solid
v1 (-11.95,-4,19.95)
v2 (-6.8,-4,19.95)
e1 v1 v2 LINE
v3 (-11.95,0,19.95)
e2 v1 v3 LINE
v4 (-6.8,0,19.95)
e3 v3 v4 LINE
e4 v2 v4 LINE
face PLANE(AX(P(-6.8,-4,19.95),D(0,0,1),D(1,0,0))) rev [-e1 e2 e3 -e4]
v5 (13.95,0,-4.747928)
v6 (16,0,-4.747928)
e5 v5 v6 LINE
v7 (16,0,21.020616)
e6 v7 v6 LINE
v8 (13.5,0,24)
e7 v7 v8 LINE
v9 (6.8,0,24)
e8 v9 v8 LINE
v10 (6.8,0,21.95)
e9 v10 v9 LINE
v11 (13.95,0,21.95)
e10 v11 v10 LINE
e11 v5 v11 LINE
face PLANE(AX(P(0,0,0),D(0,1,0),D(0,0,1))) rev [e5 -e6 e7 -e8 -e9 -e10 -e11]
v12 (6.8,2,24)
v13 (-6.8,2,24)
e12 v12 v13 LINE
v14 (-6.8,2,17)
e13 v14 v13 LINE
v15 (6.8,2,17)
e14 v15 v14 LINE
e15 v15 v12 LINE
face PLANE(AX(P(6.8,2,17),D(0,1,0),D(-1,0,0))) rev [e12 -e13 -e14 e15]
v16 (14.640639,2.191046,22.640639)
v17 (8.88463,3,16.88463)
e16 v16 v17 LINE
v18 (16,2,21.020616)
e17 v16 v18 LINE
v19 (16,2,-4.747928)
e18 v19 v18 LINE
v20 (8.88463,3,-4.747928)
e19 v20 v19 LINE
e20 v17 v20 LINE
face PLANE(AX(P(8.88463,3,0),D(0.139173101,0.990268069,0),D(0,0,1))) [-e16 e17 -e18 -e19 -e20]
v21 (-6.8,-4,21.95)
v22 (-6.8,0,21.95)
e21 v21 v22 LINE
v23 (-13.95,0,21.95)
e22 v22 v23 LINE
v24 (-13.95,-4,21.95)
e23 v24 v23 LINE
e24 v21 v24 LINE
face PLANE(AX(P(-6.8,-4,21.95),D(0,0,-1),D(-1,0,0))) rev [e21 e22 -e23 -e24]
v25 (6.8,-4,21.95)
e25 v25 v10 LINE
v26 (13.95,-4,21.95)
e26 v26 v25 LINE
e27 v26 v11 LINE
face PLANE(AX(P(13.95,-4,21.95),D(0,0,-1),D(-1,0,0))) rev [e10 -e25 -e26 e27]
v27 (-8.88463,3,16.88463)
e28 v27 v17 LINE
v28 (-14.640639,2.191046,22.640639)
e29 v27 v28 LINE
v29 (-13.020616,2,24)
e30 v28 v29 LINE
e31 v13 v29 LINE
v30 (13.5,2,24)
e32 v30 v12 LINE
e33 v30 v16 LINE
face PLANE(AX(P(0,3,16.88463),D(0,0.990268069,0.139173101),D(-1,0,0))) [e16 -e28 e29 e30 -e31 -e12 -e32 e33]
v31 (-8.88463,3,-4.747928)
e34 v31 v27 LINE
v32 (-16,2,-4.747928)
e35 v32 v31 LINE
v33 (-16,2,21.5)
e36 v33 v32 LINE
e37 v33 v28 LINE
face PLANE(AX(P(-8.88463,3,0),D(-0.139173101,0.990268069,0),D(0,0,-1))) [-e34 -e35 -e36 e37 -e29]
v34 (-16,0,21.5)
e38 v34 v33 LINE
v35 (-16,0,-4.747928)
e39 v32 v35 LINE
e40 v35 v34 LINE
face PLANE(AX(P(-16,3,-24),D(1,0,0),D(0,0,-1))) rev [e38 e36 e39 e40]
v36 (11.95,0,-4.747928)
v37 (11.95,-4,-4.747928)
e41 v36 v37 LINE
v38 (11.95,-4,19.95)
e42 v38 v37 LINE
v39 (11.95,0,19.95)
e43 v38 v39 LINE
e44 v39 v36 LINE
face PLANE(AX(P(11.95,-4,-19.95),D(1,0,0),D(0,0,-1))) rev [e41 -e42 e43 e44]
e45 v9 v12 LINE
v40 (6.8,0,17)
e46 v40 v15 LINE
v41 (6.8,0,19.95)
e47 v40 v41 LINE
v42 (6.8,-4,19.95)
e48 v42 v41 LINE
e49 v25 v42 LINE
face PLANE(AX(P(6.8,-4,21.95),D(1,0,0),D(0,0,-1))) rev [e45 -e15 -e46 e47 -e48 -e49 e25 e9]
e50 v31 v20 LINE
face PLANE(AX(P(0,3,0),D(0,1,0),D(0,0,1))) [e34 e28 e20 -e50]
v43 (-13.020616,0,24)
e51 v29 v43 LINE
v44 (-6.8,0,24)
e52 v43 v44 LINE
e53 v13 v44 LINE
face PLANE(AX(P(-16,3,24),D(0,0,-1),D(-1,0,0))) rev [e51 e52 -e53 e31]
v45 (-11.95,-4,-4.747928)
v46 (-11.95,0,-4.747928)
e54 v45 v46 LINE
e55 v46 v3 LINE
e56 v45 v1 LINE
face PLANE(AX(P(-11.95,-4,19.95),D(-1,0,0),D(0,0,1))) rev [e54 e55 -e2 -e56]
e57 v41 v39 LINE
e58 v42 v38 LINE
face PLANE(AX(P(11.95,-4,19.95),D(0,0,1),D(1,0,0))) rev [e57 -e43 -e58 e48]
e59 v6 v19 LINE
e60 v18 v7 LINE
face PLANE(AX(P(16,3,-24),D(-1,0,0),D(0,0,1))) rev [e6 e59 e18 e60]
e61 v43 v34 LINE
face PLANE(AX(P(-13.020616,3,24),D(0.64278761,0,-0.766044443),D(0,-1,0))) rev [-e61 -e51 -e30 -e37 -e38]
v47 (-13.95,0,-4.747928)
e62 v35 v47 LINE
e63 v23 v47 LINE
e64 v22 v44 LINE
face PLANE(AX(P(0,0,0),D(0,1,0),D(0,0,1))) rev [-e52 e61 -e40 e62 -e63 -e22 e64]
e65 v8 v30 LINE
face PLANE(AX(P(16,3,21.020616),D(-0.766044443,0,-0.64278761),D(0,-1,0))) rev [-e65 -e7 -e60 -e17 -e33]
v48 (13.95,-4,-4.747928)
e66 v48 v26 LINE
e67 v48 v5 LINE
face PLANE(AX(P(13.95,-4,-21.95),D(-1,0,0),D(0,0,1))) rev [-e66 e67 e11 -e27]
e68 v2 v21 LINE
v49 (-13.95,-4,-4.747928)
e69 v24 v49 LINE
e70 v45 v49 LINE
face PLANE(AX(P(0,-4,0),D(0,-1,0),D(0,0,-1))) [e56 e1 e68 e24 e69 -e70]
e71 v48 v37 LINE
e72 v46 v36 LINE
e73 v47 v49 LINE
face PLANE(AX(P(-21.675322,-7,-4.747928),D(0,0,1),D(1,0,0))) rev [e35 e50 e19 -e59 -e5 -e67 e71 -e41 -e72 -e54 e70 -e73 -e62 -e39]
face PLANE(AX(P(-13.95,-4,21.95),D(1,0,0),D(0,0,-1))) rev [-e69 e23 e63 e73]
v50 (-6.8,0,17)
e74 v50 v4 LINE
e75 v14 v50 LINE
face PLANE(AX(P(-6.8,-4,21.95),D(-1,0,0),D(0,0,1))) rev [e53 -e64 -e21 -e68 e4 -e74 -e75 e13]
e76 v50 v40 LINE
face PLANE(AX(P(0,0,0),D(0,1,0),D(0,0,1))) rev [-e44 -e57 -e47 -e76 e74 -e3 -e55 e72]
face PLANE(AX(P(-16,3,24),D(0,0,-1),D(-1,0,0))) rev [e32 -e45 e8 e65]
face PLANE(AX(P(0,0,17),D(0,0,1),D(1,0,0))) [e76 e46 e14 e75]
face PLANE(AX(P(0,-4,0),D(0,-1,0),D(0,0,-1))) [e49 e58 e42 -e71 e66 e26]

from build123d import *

# Parameters (mm, degrees)
SKETCH1_W             = 32
SKETCH1_H             = 48
BOSS_EXTRUDE1_DEPTH   = 3
BOSS_EXTRUDE2_DEPTH   = 4
CHAMFER1_SIZE         = 1
CHAMFER1_SIZE2        = 7.115369722
CHAMFER1_PART_2_SIZE  = 1
CHAMFER1_PART_2_SIZE2 = 7.115369722
CHAMFER2_SIZE         = 1
CHAMFER2_SIZE2        = 7.115369722
CHAMFER2_PART_2_SIZE  = 1
CHAMFER2_PART_2_SIZE2 = 7.115369722
SKETCH4_W             = 13.6
SKETCH4_H             = 2
CUT_EXTRUDE2_DEPTH    = 7
CHAMFER4_SIZE         = 2.5
CHAMFER4_SIZE2        = 2.979383981
CHAMFER4_PART_2_SIZE  = 2.5
CHAMFER4_PART_2_SIZE2 = 2.979383981
CHAMFER5_SIZE         = 2.5
SKETCH5_W             = 45.346149297
SKETCH5_H             = 21.744132288
CUT_EXTRUDE3_DEPTH    = 10


with BuildPart() as part:
    # Sketch1 → Boss-Extrude1 (new body)
    with BuildSketch(Plane(origin=(0, 0, 0), x_dir=(1, 0, 0), z_dir=(0, 1, 0))):
        Rectangle(SKETCH1_W, SKETCH1_H)
    extrude(amount=BOSS_EXTRUDE1_DEPTH)

    # Sketch2 → Boss-Extrude2 (add)
    with BuildSketch(Plane.XZ):
        Polygon((-13.95, -21.95), (-11.95, -21.95), (-11.95, -19.95), (-11.95, 19.95), (-6.8, 19.95), (-6.8, 21.95), (-13.95, 21.95), align=None)
        Polygon((11.95, -19.95), (11.95, -21.95), (13.95, -21.95), (13.95, 21.95), (6.8, 21.95), (6.8, 19.95), (11.95, 19.95), align=None)
    extrude(amount=BOSS_EXTRUDE2_DEPTH)

    # Chamfer1
    chamfer1_edges = [part.edges().sort_by_distance(p)[0] for p in [
        (0, 3, 24),
    ]]
    chamfer1_side = [part.faces().sort_by_distance(p)[0] for p in [
        (0, 1.5, 24),
    ]]
    chamfer(chamfer1_edges, length=CHAMFER1_SIZE, length2=CHAMFER1_SIZE2, reference=chamfer1_side[0])

    # Chamfer1 part 2
    chamfer1_part_2_edges = [part.edges().sort_by_distance(p)[0] for p in [
        (0, 3, -24),
    ]]
    chamfer1_part_2_side = [part.faces().sort_by_distance(p)[0] for p in [
        (0, 1.5, -24),
    ]]
    chamfer(chamfer1_part_2_edges, length=CHAMFER1_PART_2_SIZE, length2=CHAMFER1_PART_2_SIZE2, reference=chamfer1_part_2_side[0])

    # Chamfer2
    chamfer2_edges = [part.edges().sort_by_distance(p)[0] for p in [
        (16, 3, 0),
    ]]
    chamfer2_side = [part.faces().sort_by_distance(p)[0] for p in [
        (16, 1.439355758, 0),
    ]]
    chamfer(chamfer2_edges, length=CHAMFER2_SIZE, length2=CHAMFER2_SIZE2, reference=chamfer2_side[0])

    # Chamfer2 part 2
    chamfer2_part_2_edges = [part.edges().sort_by_distance(p)[0] for p in [
        (-16, 3, 0),
    ]]
    chamfer2_part_2_side = [part.faces().sort_by_distance(p)[0] for p in [
        (-16, 1.439355758, 0),
    ]]
    chamfer(chamfer2_part_2_edges, length=CHAMFER2_PART_2_SIZE, length2=CHAMFER2_PART_2_SIZE2, reference=chamfer2_part_2_side[0])

    # Sketch4 → Cut-Extrude2 (cut)
    with BuildSketch(Plane.XY.offset(24)):
        with Locations((0, 1)):
            Rectangle(SKETCH4_W, SKETCH4_H)
    extrude(amount=-CUT_EXTRUDE2_DEPTH, mode=Mode.SUBTRACT)

    # Chamfer4
    chamfer4_edges = [part.edges().sort_by_distance(p)[0] for p in [
        (16, 1, 24),
    ]]
    chamfer4_side = [part.faces().sort_by_distance(p)[0] for p in [
        (11.4, 1, 24),
    ]]
    chamfer(chamfer4_edges, length=CHAMFER4_SIZE, length2=CHAMFER4_SIZE2, reference=chamfer4_side[0])

    # Chamfer4 part 2
    chamfer4_part_2_edges = [part.edges().sort_by_distance(p)[0] for p in [
        (-16, 1, 24),
    ]]
    chamfer4_part_2_side = [part.faces().sort_by_distance(p)[0] for p in [
        (-16, 1, 0),
    ]]
    chamfer(chamfer4_part_2_edges, length=CHAMFER4_PART_2_SIZE, length2=CHAMFER4_PART_2_SIZE2, reference=chamfer4_part_2_side[0])

    # Chamfer5
    chamfer5_edges = [part.edges().sort_by_distance(p)[0] for p in [
        (16, 1, -24),
        (-16, 1, -24),
    ]]
    chamfer(chamfer5_edges, length=CHAMFER5_SIZE)

    # Sketch5 → Cut-Extrude3 (cut)
    with BuildSketch(Plane(origin=(0, 3, 0), x_dir=(1, 0, 0), z_dir=(0, 1, 0))):
        with Locations((0.997752906, 15.619993764)):
            Rectangle(SKETCH5_W, SKETCH5_H)
    extrude(amount=-CUT_EXTRUDE3_DEPTH, mode=Mode.SUBTRACT)


solid = part.part
